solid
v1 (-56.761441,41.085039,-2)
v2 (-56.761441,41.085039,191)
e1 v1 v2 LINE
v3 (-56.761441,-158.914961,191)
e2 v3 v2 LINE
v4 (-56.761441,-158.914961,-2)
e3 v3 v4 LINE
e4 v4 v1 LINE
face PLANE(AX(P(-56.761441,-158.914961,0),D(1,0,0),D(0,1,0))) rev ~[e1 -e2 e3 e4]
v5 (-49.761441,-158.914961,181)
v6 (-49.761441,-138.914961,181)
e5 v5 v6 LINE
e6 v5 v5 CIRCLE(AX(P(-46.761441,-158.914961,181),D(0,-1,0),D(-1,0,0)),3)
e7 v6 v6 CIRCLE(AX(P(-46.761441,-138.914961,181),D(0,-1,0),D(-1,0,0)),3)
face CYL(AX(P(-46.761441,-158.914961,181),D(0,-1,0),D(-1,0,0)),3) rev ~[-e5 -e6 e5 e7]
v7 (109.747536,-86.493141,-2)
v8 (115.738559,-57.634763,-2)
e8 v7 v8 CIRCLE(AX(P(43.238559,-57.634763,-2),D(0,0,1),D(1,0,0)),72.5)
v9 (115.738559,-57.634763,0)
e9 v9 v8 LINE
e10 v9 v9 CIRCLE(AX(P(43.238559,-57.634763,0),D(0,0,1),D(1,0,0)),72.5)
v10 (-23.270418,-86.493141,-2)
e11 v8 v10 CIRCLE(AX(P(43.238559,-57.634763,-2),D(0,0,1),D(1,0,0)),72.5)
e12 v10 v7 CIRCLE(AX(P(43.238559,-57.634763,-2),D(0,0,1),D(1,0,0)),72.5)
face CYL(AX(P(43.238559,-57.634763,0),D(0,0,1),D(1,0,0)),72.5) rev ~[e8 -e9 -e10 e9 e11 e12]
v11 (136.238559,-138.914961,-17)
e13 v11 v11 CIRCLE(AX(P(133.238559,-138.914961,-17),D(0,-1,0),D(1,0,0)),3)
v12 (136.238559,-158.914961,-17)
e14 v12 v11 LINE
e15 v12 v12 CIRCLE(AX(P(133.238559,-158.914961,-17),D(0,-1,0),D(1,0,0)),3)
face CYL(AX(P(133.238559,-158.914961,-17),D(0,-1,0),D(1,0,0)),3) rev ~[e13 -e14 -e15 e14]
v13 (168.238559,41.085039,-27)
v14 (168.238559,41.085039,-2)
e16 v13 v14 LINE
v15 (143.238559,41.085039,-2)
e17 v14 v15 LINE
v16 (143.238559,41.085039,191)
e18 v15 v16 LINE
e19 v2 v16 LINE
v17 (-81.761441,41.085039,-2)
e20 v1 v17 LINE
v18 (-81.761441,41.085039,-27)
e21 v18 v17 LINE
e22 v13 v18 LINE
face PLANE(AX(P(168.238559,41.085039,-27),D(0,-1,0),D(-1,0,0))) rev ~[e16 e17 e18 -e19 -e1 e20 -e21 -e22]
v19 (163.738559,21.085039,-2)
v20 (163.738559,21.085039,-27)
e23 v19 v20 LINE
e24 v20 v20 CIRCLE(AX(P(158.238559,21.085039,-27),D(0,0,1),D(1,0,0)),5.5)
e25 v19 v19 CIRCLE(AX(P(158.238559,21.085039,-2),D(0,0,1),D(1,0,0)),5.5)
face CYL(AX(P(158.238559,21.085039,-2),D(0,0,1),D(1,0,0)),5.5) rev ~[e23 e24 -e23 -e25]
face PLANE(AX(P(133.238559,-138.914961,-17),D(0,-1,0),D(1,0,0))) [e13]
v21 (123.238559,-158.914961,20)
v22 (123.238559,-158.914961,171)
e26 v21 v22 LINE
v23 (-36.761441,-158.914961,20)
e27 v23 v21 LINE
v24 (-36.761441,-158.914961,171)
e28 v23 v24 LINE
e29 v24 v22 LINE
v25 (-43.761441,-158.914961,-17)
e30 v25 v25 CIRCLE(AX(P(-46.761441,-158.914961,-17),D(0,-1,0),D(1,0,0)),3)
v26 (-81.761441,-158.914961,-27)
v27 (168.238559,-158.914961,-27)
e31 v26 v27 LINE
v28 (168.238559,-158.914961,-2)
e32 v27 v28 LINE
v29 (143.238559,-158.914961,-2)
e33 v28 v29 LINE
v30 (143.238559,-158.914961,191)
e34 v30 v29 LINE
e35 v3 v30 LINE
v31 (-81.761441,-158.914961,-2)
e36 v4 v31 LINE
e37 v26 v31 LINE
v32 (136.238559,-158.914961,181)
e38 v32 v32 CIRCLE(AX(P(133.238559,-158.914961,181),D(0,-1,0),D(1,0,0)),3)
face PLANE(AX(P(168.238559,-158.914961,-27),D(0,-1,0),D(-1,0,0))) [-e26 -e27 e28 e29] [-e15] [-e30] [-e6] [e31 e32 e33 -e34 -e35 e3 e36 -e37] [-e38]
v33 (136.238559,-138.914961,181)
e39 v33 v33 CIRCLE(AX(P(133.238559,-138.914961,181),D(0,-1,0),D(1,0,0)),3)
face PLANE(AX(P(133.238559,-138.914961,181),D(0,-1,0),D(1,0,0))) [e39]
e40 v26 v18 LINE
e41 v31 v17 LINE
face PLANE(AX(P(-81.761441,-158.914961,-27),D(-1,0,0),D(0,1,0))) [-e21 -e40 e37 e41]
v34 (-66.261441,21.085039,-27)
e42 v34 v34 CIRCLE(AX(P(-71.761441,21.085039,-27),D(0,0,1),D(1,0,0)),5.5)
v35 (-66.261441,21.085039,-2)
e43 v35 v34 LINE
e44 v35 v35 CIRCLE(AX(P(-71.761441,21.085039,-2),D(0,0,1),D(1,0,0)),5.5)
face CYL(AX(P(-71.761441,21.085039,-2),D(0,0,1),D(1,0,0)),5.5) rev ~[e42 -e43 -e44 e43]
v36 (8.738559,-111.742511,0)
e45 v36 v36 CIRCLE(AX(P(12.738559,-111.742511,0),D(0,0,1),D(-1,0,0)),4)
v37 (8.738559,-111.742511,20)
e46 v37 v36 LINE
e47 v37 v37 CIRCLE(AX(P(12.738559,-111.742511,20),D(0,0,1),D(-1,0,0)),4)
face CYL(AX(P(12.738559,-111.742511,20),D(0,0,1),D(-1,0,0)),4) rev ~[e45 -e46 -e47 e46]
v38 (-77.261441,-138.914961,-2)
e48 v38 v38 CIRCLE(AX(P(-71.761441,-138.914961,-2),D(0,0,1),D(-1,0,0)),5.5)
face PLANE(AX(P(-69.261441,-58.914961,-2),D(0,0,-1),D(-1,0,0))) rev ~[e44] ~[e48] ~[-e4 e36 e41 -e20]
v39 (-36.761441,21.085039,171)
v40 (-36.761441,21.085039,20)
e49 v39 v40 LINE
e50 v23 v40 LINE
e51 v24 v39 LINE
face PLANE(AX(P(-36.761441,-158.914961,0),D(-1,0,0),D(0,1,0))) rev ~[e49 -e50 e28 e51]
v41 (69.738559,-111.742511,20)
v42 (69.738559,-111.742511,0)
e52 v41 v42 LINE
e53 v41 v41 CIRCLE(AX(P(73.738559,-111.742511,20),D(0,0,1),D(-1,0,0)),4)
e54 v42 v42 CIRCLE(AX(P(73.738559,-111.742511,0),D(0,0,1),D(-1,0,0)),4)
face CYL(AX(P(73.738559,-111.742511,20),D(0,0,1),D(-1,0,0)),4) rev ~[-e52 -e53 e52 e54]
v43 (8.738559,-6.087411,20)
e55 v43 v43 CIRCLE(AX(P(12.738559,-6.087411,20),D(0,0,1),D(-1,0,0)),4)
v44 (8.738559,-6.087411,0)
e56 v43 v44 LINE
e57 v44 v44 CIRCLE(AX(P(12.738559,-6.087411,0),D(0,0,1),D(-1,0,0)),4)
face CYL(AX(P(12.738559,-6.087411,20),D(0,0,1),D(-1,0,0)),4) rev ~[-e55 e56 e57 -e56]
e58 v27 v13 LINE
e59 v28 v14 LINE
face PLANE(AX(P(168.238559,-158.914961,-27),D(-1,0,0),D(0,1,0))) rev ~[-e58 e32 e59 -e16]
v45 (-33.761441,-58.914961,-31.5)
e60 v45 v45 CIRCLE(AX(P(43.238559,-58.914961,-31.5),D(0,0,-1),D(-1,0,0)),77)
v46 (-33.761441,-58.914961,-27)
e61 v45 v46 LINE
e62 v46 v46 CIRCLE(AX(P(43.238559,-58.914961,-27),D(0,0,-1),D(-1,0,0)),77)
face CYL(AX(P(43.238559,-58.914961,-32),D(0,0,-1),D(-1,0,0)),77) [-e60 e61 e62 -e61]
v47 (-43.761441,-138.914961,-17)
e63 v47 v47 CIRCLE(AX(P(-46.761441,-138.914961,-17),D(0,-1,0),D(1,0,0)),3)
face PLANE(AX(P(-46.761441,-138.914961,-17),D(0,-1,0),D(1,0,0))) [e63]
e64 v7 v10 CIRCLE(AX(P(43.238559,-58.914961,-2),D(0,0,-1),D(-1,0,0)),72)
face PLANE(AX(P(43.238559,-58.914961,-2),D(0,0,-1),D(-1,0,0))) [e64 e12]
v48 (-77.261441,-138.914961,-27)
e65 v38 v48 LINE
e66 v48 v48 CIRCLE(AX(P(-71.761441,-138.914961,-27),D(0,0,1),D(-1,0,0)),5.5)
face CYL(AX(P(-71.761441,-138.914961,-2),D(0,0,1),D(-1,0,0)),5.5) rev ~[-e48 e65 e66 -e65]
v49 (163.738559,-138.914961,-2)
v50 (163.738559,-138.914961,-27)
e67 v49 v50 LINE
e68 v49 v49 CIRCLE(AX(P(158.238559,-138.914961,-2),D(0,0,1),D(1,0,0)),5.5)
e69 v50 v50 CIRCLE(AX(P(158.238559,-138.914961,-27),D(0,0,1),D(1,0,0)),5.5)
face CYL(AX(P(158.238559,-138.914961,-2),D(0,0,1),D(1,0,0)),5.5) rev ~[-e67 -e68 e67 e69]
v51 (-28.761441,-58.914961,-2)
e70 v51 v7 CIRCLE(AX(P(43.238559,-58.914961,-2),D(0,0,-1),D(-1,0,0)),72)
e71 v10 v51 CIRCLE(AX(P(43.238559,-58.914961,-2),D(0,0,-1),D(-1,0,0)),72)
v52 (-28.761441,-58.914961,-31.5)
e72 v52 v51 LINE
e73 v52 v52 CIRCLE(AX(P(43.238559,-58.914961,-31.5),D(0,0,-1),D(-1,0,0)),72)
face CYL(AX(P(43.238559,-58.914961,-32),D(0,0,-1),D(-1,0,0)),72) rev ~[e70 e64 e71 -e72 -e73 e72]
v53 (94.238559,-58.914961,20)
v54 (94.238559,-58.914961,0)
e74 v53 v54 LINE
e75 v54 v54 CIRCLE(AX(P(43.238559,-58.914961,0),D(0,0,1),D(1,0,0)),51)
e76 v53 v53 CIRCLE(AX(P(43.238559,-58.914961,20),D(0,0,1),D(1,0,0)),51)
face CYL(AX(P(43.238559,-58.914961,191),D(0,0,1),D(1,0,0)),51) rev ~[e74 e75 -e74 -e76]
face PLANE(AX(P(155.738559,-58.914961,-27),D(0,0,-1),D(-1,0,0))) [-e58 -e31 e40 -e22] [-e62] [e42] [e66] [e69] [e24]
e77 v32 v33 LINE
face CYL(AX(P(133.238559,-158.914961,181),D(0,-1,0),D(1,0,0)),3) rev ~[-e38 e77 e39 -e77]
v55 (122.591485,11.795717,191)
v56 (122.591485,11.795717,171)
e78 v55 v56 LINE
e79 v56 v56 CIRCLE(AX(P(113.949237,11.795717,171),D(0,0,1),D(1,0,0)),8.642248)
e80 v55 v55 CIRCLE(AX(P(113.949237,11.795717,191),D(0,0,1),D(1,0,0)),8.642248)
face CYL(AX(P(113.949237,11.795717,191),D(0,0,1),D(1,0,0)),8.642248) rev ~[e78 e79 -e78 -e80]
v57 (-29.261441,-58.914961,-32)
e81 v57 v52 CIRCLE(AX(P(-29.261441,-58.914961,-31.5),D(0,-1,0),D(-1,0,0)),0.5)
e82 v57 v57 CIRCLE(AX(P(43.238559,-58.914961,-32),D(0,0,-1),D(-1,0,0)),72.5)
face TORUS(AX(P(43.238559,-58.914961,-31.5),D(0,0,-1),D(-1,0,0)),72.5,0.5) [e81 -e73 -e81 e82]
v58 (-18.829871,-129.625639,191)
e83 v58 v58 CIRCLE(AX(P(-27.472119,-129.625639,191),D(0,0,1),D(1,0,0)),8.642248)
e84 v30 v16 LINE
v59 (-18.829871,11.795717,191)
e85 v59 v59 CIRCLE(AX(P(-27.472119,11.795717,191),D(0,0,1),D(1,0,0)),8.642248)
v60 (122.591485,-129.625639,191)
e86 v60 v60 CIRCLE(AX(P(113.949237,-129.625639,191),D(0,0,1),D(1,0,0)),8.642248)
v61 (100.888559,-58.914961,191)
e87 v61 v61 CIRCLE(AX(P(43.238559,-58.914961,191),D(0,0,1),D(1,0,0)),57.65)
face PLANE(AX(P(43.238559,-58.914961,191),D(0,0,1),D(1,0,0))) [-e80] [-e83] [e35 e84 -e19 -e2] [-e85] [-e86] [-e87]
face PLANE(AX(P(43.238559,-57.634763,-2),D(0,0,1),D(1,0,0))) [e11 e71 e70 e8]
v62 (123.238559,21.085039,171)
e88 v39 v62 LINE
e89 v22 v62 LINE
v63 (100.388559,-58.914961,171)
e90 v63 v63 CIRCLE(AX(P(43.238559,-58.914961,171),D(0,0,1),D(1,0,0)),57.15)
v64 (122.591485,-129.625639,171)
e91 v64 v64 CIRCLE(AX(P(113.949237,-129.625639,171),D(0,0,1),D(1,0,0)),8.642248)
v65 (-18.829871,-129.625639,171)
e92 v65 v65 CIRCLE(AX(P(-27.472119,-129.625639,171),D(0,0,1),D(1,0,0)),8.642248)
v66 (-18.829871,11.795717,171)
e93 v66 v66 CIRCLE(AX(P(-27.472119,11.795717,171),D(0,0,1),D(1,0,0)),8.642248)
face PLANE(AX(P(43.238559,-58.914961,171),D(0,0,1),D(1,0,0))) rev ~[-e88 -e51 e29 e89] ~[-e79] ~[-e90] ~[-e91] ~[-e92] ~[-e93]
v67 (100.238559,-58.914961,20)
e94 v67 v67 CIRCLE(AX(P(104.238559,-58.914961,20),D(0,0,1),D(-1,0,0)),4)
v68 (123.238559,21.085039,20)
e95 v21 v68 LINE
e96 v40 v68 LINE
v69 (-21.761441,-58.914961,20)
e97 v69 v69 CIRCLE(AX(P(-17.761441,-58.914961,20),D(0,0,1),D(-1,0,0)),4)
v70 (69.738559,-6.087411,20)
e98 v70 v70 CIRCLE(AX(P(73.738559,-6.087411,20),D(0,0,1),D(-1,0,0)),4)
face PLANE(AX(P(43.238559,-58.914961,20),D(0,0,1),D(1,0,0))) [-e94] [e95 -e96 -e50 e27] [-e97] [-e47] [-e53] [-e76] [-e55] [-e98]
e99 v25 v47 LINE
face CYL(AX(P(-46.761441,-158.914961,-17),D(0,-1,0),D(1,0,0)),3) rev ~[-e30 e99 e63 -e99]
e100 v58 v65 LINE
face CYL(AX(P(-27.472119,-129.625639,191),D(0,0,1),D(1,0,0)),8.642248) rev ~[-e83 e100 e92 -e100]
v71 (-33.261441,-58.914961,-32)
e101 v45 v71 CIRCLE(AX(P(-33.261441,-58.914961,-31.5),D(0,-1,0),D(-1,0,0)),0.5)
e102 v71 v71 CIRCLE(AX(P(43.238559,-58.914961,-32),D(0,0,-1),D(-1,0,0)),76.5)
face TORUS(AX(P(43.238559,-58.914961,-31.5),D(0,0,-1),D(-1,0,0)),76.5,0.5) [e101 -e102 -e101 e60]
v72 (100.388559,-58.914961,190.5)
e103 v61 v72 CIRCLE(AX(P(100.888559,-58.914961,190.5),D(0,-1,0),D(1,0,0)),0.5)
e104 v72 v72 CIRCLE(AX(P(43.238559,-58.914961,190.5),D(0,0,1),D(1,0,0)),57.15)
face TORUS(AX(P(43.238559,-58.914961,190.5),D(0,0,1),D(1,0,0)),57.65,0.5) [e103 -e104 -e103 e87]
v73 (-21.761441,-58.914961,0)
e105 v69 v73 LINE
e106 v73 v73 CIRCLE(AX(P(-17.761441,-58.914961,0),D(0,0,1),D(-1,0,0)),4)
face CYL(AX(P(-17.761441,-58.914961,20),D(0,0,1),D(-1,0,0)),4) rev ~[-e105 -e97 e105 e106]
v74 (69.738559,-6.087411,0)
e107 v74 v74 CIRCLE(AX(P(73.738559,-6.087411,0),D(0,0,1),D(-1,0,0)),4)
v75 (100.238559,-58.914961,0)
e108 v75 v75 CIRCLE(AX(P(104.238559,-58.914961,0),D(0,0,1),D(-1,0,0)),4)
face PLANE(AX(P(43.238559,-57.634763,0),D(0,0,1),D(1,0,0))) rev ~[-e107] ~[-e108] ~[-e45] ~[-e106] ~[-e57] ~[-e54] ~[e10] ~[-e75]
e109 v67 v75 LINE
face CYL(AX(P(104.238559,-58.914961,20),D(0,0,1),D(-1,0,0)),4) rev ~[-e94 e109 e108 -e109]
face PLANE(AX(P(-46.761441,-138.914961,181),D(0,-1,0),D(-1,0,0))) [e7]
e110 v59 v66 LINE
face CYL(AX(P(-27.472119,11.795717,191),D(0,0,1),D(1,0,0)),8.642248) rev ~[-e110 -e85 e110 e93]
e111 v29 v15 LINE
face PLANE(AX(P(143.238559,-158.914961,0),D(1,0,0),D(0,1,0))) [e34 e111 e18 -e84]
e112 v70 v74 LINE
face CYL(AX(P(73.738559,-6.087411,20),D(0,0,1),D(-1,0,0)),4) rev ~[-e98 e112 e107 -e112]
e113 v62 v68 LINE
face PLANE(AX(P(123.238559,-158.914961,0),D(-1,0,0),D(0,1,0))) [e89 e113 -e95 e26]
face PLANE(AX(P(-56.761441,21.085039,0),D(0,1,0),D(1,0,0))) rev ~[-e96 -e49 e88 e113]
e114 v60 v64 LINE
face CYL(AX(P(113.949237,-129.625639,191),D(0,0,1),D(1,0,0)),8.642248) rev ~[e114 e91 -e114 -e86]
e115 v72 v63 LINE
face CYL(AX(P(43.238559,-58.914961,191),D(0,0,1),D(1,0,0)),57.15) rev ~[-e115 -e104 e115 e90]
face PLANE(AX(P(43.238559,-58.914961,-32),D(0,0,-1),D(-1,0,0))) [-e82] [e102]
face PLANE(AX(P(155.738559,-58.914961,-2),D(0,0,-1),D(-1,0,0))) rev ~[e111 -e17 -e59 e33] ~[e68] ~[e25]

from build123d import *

# Parameters (mm, degrees)
SKETCH_1_W           = 200
SKETCH_1_H           = 200
EXTRUDE_1_DEPTH      = 191
SHELL_1_T            = -20
SKETCH_4_5_R         = 51
CUT_EXTRUDE_6_DEPTH  = 191
SKETCH_4_R           = 8.642247924
CUT_EXTRUDE_7_DEPTH  = 50
SKETCH_4_10_R        = 57.15
CUT_EXTRUDE_9_DEPTH  = 50
CUT_EXTRUDE_START    = -171
SKETCH_4_11_R        = 4
CUT_EXTRUDE_10_DEPTH = 50
SKETCH_9_W           = 200
SKETCH_9_H           = 200
EXTRUDE_3_DEPTH      = 32
SKETCH_10_R          = 72.5
CUT_EXTRUDE_11_DEPTH = 2
SKETCH_11_R          = 72
CUT_EXTRUDE_13_DEPTH = 30
SKETCH_11_3_W        = 200
SKETCH_11_3_H        = 200
SKETCH_11_3_R        = 77
CUT_EXTRUDE_14_DEPTH = 5
SKETCH_14_W          = 25
SKETCH_14_H          = 200
EXTRUDE_4_DEPTH      = 25
SKETCH_15_R          = 5.5
CUT_EXTRUDE_15_DEPTH = 25
SKETCH_16_R          = 3
CUT_EXTRUDE_16_DEPTH = 20
FILLET_1_R           = 0.5


with BuildPart() as part:
    # 草图1 → 凸台-拉伸1 (new body)
    with BuildSketch(Plane.XY):
        with Locations((43.238558972, -58.914961101)):
            Rectangle(SKETCH_1_W, SKETCH_1_H)
    extrude(amount=EXTRUDE_1_DEPTH)

    # 抽壳1
    shell_1_openings = [part.faces().sort_by_distance(p)[0] for p in [
        (43.238558972, -158.914961101, 95.5),
    ]]
    offset(amount=SHELL_1_T, openings=shell_1_openings, kind=Kind.INTERSECTION)

    # 草图4<5> → 切除-拉伸6 (cut)
    with BuildSketch(Plane.XY.offset(191)):
        with Locations((43.238558972, -58.914961101)):
            Circle(SKETCH_4_5_R)
    extrude(amount=-CUT_EXTRUDE_6_DEPTH, mode=Mode.SUBTRACT)

    # 草图4 → 切除-拉伸7 (cut)
    with BuildSketch(Plane.XY.offset(191)):
        with Locations((-27.472119147, 11.795717018)):
            Circle(SKETCH_4_R)
        with Locations((113.949237091, 11.795717018)):
            Circle(SKETCH_4_R)
        with Locations((113.949237091, -129.625639219)):
            Circle(SKETCH_4_R)
        with Locations((-27.472119147, -129.625639219)):
            Circle(SKETCH_4_R)
    extrude(amount=-CUT_EXTRUDE_7_DEPTH, mode=Mode.SUBTRACT)

    # 草图4<10> → 切除-拉伸9 (cut)
    with BuildSketch(Plane.XY.offset(191)):
        with Locations((43.238558972, -58.914961101)):
            Circle(SKETCH_4_10_R)
    extrude(amount=-CUT_EXTRUDE_9_DEPTH, mode=Mode.SUBTRACT)

    # 草图4<11> → 切除-拉伸10 (cut)
    with BuildSketch(Plane.XY.offset(191).offset(CUT_EXTRUDE_START)):
        with Locations(Location((-17.761441028, -58.914961101, 0), (0, 0, 180))):
            Circle(SKETCH_4_11_R)
        with Locations(Location((12.738558972, -6.08741147, 0), (0, 0, 180))):
            Circle(SKETCH_4_11_R)
        with Locations(Location((73.738558972, -6.08741147, 0), (0, 0, 180))):
            Circle(SKETCH_4_11_R)
        with Locations(Location((104.238558972, -58.914961101, 0), (0, 0, 180))):
            Circle(SKETCH_4_11_R)
        with Locations(Location((73.738558972, -111.742510731, 0), (0, 0, 180))):
            Circle(SKETCH_4_11_R)
        with Locations(Location((12.738558972, -111.742510731, 0), (0, 0, 180))):
            Circle(SKETCH_4_11_R)
    extrude(amount=-CUT_EXTRUDE_10_DEPTH, mode=Mode.SUBTRACT)

    # 草图9 → 凸台-拉伸3 (add)
    with BuildSketch(Plane(origin=(0, 0, 0), x_dir=(-1, 0, 0), z_dir=(0, 0, -1))):
        with Locations((-43.238558972, -58.914961101)):
            Rectangle(SKETCH_9_W, SKETCH_9_H)
    extrude(amount=EXTRUDE_3_DEPTH)

    # 草图10 → 切除-拉伸11 (cut)
    with BuildSketch(Plane.XY):
        with Locations((43.238558972, -57.634762562)):
            Circle(SKETCH_10_R)
    extrude(amount=-CUT_EXTRUDE_11_DEPTH, mode=Mode.SUBTRACT)

    # 草图11 → 切除-拉伸13 (cut)
    with BuildSketch(Plane(origin=(0, 0, -32), x_dir=(-1, 0, 0), z_dir=(0, 0, -1))):
        with Locations((-43.238558972, -58.914961101)):
            Circle(SKETCH_11_R)
    extrude(amount=-CUT_EXTRUDE_13_DEPTH, mode=Mode.SUBTRACT)

    # 草图11<3> → 切除-拉伸14 (cut)
    with BuildSketch(Plane(origin=(0, 0, -32), x_dir=(-1, 0, 0), z_dir=(0, 0, -1))):
        with Locations((-43.238558972, -58.914961101)):
            Rectangle(SKETCH_11_3_W, SKETCH_11_3_H)
        with Locations((-43.238558972, -58.914961101)):
            Circle(SKETCH_11_3_R, mode=Mode.SUBTRACT)
    extrude(amount=-CUT_EXTRUDE_14_DEPTH, mode=Mode.SUBTRACT)

    # 草图14 → 凸台-拉伸4 (add)
    with BuildSketch(Plane(origin=(0, 0, -27), x_dir=(-1, 0, 0), z_dir=(0, 0, -1))):
        with Locations((-155.738558972, -58.914961101)):
            Rectangle(SKETCH_14_W, SKETCH_14_H)
        with Locations((69.261441028, -58.914961101)):
            Rectangle(SKETCH_14_W, SKETCH_14_H)
    extrude(amount=-EXTRUDE_4_DEPTH)

    # 草图15 → 切除-拉伸15 (cut)
    with BuildSketch(Plane.XY.offset(-2)):
        with Locations((-71.761441028, 21.085038899)):
            Circle(SKETCH_15_R)
        with Locations(Location((-71.761441028, -138.914961101, 0), (0, 0, 180))):
            Circle(SKETCH_15_R)
        with Locations((158.238558972, 21.085038899)):
            Circle(SKETCH_15_R)
        with Locations((158.238558972, -138.914961101)):
            Circle(SKETCH_15_R)
    extrude(amount=-CUT_EXTRUDE_15_DEPTH, mode=Mode.SUBTRACT)

    # 草图16 → 切除-拉伸16 (cut)
    with BuildSketch(Plane.XZ.offset(158.914961101)):
        with Locations((133.238558972, 181)):
            Circle(SKETCH_16_R)
        with Locations(Location((-46.761441028, 181, 0), (0, 0, 180))):
            Circle(SKETCH_16_R)
        with Locations((-46.761441028, -17)):
            Circle(SKETCH_16_R)
        with Locations((133.238558972, -17)):
            Circle(SKETCH_16_R)
    extrude(amount=-CUT_EXTRUDE_16_DEPTH, mode=Mode.SUBTRACT)

    # 圆角1
    fillet_1_edges = [part.edges().sort_by_distance(p)[0] for p in [
        (115.238558972, -58.914961101, -32),
        (120.238558972, -58.914961101, -32),
        (-13.911441028, -58.914961101, 191),
    ]]
    fillet(fillet_1_edges, radius=FILLET_1_R)


solid = part.part
